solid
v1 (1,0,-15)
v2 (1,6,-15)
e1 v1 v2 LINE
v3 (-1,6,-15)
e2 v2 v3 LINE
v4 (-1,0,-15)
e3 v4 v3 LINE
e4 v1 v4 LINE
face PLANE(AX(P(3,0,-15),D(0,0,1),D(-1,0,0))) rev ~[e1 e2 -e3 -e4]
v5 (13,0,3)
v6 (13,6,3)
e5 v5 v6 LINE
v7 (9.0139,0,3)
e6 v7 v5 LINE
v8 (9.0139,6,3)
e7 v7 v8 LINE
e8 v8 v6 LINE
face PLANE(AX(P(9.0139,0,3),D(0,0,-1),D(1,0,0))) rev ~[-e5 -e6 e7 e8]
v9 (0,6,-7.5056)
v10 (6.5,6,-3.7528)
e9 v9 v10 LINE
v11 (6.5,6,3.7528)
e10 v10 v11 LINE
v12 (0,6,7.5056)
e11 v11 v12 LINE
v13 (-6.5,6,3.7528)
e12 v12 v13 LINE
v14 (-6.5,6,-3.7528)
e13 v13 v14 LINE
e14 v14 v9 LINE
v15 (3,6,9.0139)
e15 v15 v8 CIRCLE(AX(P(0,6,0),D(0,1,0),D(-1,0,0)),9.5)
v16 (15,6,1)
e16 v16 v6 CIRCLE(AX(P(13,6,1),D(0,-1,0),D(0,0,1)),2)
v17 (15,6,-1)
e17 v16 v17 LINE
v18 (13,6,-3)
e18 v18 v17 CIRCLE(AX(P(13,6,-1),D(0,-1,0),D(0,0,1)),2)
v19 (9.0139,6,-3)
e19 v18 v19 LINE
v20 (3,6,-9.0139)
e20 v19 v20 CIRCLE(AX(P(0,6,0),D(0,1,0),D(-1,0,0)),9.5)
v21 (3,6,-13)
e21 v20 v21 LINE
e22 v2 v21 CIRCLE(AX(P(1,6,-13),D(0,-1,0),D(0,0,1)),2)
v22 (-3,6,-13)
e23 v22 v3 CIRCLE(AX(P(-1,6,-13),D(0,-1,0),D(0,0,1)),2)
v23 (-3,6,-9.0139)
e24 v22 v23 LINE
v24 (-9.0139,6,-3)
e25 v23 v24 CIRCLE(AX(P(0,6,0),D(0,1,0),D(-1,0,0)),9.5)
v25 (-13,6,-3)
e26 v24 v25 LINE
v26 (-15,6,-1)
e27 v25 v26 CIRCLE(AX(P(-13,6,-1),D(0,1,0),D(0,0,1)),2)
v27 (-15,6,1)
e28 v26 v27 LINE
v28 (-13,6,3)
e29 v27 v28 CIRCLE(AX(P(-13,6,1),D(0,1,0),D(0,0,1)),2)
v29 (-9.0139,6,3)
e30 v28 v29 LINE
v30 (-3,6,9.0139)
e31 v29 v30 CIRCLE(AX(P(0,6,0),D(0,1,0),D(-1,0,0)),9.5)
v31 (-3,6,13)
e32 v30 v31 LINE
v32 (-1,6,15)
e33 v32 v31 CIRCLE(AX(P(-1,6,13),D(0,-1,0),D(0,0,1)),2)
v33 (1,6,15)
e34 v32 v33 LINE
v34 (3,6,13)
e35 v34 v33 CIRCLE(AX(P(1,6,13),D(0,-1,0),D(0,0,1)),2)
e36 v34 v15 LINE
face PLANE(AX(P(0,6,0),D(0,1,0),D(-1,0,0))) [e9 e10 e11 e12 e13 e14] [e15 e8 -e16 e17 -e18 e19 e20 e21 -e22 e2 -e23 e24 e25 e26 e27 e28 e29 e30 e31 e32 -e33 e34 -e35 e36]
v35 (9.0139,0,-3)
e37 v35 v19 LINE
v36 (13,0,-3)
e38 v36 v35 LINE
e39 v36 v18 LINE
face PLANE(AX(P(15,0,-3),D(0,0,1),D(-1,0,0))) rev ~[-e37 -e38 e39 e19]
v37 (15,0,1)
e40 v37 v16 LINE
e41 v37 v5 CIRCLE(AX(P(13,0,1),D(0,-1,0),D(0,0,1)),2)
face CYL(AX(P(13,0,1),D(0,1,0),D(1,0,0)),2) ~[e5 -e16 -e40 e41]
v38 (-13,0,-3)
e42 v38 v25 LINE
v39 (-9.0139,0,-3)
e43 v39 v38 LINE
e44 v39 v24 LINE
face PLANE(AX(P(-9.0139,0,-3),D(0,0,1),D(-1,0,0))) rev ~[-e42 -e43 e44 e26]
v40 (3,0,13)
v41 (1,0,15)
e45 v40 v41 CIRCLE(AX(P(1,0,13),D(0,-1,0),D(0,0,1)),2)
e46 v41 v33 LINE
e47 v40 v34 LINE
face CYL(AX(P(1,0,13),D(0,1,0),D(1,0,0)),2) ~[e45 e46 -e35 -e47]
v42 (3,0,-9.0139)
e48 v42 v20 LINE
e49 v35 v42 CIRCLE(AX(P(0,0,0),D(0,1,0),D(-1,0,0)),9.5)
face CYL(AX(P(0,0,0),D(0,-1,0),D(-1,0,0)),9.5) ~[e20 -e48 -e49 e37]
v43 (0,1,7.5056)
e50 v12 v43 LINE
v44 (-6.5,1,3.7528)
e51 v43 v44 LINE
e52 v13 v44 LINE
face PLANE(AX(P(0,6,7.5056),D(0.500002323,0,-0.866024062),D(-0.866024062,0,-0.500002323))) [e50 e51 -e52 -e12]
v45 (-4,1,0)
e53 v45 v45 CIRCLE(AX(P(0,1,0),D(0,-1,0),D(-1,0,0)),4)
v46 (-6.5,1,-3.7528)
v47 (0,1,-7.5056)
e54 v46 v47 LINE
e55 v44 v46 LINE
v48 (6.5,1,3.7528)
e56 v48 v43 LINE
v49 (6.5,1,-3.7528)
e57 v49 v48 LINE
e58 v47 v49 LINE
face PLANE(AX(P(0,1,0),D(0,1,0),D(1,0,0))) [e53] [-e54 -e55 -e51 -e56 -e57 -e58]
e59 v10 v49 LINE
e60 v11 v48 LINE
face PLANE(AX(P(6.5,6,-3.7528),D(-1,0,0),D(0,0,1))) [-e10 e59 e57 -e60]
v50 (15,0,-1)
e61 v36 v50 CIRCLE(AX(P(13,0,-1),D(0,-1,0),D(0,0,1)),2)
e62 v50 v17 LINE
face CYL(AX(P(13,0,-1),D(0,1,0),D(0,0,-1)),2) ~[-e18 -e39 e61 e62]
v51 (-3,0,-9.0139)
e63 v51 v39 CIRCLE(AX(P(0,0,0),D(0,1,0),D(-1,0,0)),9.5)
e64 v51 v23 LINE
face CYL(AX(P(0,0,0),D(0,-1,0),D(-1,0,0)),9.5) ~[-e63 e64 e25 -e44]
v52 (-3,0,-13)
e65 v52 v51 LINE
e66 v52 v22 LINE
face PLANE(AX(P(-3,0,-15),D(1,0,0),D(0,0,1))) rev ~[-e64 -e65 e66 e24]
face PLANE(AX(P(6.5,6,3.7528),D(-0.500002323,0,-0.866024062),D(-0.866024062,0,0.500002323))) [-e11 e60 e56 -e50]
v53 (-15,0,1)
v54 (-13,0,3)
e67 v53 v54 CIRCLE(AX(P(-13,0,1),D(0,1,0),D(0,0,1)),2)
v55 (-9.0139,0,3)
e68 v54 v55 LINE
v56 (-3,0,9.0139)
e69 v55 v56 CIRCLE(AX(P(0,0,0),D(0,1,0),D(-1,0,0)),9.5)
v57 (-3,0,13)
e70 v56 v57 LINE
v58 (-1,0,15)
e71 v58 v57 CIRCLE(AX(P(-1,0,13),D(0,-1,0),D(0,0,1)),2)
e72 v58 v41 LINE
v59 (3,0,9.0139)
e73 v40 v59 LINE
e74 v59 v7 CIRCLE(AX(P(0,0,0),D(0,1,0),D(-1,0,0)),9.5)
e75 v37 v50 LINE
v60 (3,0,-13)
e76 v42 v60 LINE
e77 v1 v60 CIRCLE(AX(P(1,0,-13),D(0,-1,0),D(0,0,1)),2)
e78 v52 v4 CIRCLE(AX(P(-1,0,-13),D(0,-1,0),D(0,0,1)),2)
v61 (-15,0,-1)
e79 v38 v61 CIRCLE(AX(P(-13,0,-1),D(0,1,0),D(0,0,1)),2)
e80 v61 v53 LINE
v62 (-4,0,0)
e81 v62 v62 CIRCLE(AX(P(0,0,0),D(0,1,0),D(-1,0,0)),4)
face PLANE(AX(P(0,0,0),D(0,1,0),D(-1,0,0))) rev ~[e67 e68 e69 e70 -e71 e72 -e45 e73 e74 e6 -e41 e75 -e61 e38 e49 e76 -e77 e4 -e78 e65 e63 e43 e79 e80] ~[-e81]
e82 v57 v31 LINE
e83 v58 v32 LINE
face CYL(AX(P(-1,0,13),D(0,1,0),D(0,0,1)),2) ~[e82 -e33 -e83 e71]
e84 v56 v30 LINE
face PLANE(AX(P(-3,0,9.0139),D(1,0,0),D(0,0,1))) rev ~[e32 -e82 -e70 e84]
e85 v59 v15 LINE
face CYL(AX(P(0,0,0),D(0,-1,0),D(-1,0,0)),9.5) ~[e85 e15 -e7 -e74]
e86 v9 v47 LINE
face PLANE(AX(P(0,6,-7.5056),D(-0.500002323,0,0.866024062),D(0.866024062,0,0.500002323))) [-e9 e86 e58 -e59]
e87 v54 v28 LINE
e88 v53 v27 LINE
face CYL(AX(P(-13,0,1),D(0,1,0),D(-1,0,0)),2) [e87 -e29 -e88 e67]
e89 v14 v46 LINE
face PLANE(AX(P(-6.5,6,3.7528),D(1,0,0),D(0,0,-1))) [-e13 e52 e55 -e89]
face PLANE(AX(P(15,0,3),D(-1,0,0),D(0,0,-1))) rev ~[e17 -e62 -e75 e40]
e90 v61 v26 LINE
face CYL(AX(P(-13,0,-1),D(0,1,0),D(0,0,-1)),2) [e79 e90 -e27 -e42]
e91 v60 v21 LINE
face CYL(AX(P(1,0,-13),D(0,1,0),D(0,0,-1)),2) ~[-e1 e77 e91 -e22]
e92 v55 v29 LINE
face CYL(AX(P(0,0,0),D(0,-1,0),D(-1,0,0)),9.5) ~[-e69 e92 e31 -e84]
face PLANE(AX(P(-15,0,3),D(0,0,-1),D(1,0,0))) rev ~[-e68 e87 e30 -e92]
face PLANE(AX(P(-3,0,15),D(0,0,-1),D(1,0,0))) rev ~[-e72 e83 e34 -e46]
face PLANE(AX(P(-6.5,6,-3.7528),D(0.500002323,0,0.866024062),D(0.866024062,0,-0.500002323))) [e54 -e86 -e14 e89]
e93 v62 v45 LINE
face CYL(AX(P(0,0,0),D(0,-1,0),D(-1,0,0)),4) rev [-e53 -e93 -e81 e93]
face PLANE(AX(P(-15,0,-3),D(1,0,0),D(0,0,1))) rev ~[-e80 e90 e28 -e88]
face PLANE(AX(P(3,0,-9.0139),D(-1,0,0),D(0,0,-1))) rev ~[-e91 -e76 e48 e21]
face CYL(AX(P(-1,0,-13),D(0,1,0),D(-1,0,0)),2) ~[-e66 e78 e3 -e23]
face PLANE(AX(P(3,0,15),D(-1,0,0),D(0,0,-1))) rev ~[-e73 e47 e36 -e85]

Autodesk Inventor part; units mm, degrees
ref_plane "YZ Plane" through (0, 0, 0) normal (1, 0, 0) x (0, 1, 0)
ref_plane "XZ Plane" through (0, 0, 0) normal (0, 1, 0) x (-1, 0, 0)
ref_plane "XY Plane" through (0, 0, 0) normal (0, 0, 1) x (1, 0, 0)
sketch "Sketch1" plane through (0, 0, 0) normal (0, 1, 0) x (-1, 0, 0)
  circle A0 centre (0, 0) radius 9.5
  line L0 (3, 15) -> (-3, 15)
  line L1 (-3, -15) -> (3, -15)
  line L2 (-15, 3) -> (-15, -3)
  line L3 (15, -3) -> (15, 3)
  line L4 (3, -15) -> (3, -9.0139)
  line L5 (3, 9.0139) -> (3, 15)
  line L6 (15, 3) -> (9.0139, 3)
  line L7 (-9.0139, 3) -> (-15, 3)
  line L8 (-3, 15) -> (-3, 9.0139)
  line L9 (-3, -9.0139) -> (-3, -15)
  line L10 (-15, -3) -> (-9.0139, -3)
  line L11 (9.0139, -3) -> (15, -3)
  circle A1 centre (0, 0) radius 4
  point P0 (15, 0)
  point P1 (0, -15)
  point P2 (0, 15)
  point P3 (-15, 0)
  point P4 (9.5, 0)
  dimension "d0" = 19
  dimension "d2" = 6
  dimension "d7" = 5.5
  dimension "d10" = 8
extrude "Extrusion1" add sketch "Sketch1" along normal blind 6
fillet "Fillet1" radius 2 8 edges at (3, 3, 15) (-3, 3, 15) (-15, 3, 3) (-15, 3, -3) (-3, 3, -15) (3, 3, -15) (15, 3, -3) (15, 3, 3)
sketch "Sketch2" plane through (0, 6, 0) normal (0, 1, 0) x (1, 0, 0)
  line L0 (-6.5, 3.7528) -> (0, 7.5056)
  line L1 (0, 7.5056) -> (6.5, 3.7528)
  line L2 (6.5, 3.7528) -> (6.5, -3.7528)
  line L3 (6.5, -3.7528) -> (0, -7.5056)
  line L4 (0, -7.5056) -> (-6.5, -3.7528)
  line L5 (-6.5, -3.7528) -> (-6.5, 3.7528)
  line L6 (-15, 1) -> (-15, -1) projected
  point P0 (0, 0)
  point P1 (0, 0)
  dimension "d6" = 13
extrude "Extrusion2" cut sketch "Sketch2" against normal blind 5
properties part number "Wing_Nut"
